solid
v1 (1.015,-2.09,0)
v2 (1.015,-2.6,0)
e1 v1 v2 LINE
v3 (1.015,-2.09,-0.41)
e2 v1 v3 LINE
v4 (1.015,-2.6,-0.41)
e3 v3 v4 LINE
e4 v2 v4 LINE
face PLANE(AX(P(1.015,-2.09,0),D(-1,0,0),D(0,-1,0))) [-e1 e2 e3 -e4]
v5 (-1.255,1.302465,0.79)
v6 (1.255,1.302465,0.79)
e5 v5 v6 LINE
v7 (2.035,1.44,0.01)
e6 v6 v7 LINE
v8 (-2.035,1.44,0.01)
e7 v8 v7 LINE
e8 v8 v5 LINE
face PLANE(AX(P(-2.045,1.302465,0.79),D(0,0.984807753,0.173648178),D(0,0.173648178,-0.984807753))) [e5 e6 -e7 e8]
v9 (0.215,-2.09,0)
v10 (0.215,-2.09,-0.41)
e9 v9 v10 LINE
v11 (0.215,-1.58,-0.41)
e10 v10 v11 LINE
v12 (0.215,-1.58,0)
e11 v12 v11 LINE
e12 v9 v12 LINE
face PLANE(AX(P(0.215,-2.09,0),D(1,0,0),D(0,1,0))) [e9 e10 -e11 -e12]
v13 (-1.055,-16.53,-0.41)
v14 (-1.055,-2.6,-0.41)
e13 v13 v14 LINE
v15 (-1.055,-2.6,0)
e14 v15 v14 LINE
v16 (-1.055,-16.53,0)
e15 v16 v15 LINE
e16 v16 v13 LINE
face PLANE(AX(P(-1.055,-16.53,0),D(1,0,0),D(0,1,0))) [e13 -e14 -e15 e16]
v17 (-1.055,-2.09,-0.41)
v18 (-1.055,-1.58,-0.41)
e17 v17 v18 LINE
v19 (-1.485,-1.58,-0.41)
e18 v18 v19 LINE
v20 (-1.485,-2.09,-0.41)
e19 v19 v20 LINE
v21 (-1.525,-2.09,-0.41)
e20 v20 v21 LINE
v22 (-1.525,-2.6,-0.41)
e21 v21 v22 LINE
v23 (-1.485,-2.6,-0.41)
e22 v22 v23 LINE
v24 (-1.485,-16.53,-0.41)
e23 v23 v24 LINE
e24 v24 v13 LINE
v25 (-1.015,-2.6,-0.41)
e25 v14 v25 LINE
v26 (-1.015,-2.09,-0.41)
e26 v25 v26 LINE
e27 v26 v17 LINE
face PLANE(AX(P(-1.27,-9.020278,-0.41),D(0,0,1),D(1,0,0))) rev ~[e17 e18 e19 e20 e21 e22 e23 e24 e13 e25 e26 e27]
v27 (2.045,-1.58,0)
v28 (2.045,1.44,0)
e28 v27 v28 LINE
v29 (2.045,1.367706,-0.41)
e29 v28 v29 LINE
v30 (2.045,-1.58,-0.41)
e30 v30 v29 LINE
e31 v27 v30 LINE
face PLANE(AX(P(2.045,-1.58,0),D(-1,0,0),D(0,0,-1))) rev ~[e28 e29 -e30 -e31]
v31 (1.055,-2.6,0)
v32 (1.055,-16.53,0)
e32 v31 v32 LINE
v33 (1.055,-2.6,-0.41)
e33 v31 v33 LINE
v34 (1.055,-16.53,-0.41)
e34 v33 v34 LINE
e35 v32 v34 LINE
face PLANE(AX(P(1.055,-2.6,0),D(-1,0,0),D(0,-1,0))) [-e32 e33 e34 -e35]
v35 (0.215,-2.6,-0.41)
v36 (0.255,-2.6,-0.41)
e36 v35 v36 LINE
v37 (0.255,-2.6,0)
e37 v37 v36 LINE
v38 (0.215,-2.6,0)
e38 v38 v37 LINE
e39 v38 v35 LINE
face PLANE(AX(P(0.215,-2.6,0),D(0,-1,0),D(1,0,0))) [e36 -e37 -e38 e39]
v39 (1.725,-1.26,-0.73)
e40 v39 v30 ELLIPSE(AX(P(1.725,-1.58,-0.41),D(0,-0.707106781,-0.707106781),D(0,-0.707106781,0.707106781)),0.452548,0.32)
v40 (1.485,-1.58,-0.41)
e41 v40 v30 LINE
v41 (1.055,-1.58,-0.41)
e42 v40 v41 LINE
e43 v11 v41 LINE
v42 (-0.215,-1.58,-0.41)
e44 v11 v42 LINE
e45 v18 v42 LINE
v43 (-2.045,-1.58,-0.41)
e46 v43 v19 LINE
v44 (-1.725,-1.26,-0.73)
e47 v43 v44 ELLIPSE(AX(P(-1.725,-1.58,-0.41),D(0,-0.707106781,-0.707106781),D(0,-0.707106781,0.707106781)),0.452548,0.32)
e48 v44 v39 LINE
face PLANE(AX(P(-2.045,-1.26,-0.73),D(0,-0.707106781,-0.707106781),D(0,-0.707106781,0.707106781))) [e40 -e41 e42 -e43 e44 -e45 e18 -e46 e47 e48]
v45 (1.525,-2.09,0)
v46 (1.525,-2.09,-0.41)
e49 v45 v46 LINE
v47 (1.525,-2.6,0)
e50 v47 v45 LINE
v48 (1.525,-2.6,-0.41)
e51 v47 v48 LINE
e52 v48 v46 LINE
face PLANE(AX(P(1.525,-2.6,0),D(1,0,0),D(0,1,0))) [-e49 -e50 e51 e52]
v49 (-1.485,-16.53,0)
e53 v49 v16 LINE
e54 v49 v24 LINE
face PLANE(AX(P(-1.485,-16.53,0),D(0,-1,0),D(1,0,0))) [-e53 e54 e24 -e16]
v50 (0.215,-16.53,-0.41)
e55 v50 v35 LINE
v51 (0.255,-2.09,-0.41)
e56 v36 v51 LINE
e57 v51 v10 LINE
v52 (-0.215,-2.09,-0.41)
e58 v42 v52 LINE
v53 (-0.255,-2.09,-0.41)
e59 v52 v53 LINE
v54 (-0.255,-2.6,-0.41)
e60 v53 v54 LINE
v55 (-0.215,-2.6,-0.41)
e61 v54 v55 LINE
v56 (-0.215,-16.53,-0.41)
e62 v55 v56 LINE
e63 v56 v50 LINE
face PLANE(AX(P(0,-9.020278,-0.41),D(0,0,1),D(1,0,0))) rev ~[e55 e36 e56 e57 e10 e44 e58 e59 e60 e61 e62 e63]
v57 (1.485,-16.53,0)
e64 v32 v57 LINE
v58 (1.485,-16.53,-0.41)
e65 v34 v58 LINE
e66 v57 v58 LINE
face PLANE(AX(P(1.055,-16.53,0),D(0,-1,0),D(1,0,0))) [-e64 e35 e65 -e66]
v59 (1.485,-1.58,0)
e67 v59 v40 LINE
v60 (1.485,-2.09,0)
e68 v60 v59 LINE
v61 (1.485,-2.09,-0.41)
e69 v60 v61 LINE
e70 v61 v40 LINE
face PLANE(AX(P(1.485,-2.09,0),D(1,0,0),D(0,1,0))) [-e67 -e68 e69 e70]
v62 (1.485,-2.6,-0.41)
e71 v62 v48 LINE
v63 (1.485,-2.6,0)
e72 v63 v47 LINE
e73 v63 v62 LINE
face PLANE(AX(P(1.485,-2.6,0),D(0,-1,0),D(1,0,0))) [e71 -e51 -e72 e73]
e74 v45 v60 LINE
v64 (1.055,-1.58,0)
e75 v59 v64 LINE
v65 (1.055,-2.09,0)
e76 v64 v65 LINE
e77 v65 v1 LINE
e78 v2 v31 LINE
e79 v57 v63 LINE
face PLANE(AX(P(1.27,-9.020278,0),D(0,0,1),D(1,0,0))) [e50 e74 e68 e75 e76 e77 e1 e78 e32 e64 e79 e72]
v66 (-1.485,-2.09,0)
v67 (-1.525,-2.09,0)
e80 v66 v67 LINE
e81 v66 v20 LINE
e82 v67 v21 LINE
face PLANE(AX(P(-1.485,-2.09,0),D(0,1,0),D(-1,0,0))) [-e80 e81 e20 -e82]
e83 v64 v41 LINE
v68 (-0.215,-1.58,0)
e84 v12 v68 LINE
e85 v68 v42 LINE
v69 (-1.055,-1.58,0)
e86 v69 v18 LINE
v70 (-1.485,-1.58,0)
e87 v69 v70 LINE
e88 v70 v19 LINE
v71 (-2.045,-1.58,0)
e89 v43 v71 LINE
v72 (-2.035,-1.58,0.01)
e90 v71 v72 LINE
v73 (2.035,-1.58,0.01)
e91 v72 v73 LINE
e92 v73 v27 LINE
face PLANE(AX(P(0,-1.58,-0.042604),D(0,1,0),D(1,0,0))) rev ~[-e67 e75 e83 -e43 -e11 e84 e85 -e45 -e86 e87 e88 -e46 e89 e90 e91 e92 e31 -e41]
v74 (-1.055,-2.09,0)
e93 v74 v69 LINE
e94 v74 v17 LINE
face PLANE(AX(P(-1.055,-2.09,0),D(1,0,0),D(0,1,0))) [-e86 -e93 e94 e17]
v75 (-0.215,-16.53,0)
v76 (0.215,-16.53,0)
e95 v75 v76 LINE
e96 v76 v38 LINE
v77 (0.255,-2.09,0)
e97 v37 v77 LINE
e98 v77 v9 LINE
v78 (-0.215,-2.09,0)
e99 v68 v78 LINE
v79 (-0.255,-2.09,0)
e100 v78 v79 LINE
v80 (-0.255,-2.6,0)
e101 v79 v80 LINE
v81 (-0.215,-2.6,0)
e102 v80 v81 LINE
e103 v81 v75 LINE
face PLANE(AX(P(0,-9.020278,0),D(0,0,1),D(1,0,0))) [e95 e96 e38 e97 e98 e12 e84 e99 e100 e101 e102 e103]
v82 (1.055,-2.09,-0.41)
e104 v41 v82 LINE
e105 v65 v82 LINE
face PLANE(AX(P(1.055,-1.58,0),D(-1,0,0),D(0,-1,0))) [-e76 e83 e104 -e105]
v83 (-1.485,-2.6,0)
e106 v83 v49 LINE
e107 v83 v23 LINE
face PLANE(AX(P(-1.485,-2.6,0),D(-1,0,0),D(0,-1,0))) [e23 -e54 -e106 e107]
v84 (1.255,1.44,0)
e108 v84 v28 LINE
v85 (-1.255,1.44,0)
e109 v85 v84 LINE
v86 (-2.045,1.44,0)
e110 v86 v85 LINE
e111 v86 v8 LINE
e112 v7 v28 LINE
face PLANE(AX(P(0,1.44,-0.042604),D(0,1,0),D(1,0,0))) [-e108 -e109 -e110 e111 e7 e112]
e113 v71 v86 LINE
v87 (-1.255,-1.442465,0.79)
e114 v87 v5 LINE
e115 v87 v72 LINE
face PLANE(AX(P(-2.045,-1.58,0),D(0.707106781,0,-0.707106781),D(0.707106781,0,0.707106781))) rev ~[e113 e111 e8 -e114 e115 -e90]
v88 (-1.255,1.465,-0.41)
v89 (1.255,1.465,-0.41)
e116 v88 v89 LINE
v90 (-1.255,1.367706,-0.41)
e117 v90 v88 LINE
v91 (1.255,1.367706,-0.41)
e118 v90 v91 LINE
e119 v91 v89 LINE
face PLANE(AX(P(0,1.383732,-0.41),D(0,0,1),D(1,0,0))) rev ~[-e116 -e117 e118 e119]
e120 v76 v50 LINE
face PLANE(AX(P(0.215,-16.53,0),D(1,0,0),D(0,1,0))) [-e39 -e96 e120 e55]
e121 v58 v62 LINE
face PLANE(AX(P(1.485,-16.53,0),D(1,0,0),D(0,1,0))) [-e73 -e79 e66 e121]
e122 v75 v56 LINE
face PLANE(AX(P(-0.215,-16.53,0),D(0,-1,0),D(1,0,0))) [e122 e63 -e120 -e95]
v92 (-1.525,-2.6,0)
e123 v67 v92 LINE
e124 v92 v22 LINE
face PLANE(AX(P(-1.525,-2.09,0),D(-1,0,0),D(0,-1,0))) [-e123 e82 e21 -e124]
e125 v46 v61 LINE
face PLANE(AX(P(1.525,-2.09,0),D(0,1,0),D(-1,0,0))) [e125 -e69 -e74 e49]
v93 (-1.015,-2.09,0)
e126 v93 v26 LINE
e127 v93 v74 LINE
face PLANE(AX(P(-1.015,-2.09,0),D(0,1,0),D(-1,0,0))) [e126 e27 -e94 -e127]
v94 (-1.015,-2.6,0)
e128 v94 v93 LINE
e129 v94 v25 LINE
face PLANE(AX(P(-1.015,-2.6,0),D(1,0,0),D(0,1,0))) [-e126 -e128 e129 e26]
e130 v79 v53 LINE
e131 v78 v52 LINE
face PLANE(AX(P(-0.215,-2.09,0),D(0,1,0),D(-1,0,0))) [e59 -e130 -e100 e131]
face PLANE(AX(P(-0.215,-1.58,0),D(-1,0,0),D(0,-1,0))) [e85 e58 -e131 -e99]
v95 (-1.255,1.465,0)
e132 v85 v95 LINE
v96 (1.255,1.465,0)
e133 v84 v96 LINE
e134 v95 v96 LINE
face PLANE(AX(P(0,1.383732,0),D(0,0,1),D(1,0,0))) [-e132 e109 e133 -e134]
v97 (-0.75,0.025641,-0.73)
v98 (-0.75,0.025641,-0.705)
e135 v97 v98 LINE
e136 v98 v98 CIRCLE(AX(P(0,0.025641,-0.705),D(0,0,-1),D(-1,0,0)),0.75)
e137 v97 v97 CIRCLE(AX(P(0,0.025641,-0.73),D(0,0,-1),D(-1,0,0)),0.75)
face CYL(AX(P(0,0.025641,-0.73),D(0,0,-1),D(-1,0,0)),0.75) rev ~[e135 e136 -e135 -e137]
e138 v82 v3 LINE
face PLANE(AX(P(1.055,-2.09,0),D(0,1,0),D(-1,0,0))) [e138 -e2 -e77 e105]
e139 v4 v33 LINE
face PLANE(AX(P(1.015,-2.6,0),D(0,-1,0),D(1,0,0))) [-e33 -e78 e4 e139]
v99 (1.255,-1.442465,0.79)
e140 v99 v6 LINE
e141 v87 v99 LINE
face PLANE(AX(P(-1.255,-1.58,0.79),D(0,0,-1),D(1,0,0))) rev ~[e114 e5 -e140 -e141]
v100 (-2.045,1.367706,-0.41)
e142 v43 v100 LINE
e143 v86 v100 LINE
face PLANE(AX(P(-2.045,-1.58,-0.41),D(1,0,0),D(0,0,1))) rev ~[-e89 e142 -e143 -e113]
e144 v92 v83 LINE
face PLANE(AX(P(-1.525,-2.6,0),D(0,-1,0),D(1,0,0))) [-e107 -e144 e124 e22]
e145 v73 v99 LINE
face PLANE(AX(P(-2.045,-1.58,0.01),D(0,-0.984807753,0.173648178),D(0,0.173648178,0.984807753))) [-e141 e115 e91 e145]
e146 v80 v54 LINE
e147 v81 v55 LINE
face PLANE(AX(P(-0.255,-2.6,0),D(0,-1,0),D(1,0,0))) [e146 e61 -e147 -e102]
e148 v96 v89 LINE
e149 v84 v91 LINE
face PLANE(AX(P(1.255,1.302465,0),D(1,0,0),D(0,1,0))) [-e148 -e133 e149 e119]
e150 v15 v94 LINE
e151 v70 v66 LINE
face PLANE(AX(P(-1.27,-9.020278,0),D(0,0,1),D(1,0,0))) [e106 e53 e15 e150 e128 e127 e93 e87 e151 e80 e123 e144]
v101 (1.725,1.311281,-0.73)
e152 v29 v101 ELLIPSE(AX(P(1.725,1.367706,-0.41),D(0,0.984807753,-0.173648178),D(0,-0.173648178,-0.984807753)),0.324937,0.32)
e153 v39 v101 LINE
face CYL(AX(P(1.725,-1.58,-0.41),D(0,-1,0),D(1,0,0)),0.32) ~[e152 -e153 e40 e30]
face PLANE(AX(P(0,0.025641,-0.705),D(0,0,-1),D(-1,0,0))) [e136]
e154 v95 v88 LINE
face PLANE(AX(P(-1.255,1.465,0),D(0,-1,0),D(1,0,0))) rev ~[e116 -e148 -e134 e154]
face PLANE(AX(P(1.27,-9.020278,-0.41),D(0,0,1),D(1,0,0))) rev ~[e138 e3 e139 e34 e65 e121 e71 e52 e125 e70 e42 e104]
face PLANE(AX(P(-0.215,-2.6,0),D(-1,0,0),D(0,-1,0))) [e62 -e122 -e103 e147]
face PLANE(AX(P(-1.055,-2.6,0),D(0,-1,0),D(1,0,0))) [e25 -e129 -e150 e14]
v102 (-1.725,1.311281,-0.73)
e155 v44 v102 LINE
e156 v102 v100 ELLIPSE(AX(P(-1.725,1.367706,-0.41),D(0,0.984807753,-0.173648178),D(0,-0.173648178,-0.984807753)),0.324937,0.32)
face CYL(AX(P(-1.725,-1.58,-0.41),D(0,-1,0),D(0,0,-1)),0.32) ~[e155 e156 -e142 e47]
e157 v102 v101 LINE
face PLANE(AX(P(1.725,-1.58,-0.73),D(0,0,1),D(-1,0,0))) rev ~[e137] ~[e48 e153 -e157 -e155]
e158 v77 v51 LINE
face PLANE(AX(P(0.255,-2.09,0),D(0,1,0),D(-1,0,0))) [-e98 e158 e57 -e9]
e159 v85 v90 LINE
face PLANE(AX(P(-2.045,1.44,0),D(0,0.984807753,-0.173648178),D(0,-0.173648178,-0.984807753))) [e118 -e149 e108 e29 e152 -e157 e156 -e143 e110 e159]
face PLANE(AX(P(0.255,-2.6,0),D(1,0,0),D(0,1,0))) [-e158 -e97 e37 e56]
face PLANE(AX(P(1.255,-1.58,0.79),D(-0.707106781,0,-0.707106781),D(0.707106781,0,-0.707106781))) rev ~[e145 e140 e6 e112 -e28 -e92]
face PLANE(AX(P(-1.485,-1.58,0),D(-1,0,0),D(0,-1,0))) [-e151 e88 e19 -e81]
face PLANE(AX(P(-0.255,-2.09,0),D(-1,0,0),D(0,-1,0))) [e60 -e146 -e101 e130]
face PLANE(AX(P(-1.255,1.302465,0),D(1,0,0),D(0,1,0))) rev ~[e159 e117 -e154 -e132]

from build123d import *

# Parameters (mm, degrees)
BOSS_EXTRUDE1_DEPTH      = 1.44
BOSS_EXTRUDE1_DEPTH_BACK = 1.58
CUT_EXTRUDE1_START       = -2.045
CUT_EXTRUDE1_DEPTH       = 4.09
SKETCH3_W                = 2.51
SKETCH3_H                = 0.162535045
BOSS_EXTRUDE2_DEPTH      = 0.41
SKETCH4_R                = 0.75
CUT_EXTRUDE2_DEPTH       = 0.025


with BuildPart() as part:
    # Sketch1 → Boss-Extrude1 (new, two sides: drawn at the far end of the back side and taken through both)
    with BuildSketch(Plane(origin=(0, 0, 0), x_dir=(1, 0, 0), z_dir=(0, 1, 0)).offset(-BOSS_EXTRUDE1_DEPTH_BACK)):
        with BuildLine():
            Line((-2.045, 0), (-1.255, -0.79))
            Line((-1.255, -0.79), (1.255, -0.79))
            Line((1.255, -0.79), (2.045, 0))
            Line((2.045, 0), (2.045, 0.41))
            ThreePointArc((2.045, 0.41), (1.95127417, 0.63627417), (1.725, 0.73))
            Line((1.725, 0.73), (-1.725, 0.73))
            ThreePointArc((-1.725, 0.73), (-1.95127417, 0.63627417), (-2.045, 0.41))
            Line((-2.045, 0.41), (-2.045, 0))
        make_face()
    extrude(amount=BOSS_EXTRUDE1_DEPTH + BOSS_EXTRUDE1_DEPTH_BACK)

    # Sketch2 → Cut-Extrude1 (cut)
    with BuildSketch(Plane(origin=(0, 0, 0), x_dir=(0, 0, -1), z_dir=(1, 0, 0)).offset(CUT_EXTRUDE1_START)):
        Polygon((0.41, -1.58), (0.73, -1.58), (0.73, -1.26), align=None)
        Polygon((-0.01, 1.44), (-0.79, 1.44), (-0.79, 1.302464955), align=None)
        Polygon((-0.01, -1.58), (-0.79, -1.442464955), (-0.79, -1.58), align=None)
        Polygon((0.73, 1.311281304), (0.73, 1.44), (0, 1.44), align=None)
    extrude(amount=CUT_EXTRUDE1_DEPTH, mode=Mode.SUBTRACT)

    # Sketch3 → Boss-Extrude2 (add)
    with BuildSketch(Plane.XY):
        Polygon((1.485, -1.58), (1.055, -1.58), (1.055, -2.09), (1.015, -2.09), (1.015, -2.6), (1.055, -2.6), (1.055, -16.53), (1.485, -16.53), (1.485, -2.6), (1.525, -2.6), (1.525, -2.09), (1.485, -2.09), align=None)
        Polygon((0.215, -1.58), (-0.215, -1.58), (-0.215, -2.09), (-0.255, -2.09), (-0.255, -2.6), (-0.215, -2.6), (-0.215, -16.53), (0.215, -16.53), (0.215, -2.6), (0.255, -2.6), (0.255, -2.09), (0.215, -2.09), align=None)
        Polygon((-1.055, -1.58), (-1.485, -1.58), (-1.485, -2.09), (-1.525, -2.09), (-1.525, -2.6), (-1.485, -2.6), (-1.485, -16.53), (-1.055, -16.53), (-1.055, -2.6), (-1.015, -2.6), (-1.015, -2.09), (-1.055, -2.09), align=None)
        with Locations((0, 1.383732478)):
            Rectangle(SKETCH3_W, SKETCH3_H)
    extrude(amount=-BOSS_EXTRUDE2_DEPTH)

    # Sketch4 → Cut-Extrude2 (cut)
    with BuildSketch(Plane(origin=(0, 0, -0.73), x_dir=(-1, 0, 0), z_dir=(0, 0, -1))):
        with Locations((0, 0.025640652)):
            Circle(SKETCH4_R)
    extrude(amount=-CUT_EXTRUDE2_DEPTH, mode=Mode.SUBTRACT)


solid = part.part
